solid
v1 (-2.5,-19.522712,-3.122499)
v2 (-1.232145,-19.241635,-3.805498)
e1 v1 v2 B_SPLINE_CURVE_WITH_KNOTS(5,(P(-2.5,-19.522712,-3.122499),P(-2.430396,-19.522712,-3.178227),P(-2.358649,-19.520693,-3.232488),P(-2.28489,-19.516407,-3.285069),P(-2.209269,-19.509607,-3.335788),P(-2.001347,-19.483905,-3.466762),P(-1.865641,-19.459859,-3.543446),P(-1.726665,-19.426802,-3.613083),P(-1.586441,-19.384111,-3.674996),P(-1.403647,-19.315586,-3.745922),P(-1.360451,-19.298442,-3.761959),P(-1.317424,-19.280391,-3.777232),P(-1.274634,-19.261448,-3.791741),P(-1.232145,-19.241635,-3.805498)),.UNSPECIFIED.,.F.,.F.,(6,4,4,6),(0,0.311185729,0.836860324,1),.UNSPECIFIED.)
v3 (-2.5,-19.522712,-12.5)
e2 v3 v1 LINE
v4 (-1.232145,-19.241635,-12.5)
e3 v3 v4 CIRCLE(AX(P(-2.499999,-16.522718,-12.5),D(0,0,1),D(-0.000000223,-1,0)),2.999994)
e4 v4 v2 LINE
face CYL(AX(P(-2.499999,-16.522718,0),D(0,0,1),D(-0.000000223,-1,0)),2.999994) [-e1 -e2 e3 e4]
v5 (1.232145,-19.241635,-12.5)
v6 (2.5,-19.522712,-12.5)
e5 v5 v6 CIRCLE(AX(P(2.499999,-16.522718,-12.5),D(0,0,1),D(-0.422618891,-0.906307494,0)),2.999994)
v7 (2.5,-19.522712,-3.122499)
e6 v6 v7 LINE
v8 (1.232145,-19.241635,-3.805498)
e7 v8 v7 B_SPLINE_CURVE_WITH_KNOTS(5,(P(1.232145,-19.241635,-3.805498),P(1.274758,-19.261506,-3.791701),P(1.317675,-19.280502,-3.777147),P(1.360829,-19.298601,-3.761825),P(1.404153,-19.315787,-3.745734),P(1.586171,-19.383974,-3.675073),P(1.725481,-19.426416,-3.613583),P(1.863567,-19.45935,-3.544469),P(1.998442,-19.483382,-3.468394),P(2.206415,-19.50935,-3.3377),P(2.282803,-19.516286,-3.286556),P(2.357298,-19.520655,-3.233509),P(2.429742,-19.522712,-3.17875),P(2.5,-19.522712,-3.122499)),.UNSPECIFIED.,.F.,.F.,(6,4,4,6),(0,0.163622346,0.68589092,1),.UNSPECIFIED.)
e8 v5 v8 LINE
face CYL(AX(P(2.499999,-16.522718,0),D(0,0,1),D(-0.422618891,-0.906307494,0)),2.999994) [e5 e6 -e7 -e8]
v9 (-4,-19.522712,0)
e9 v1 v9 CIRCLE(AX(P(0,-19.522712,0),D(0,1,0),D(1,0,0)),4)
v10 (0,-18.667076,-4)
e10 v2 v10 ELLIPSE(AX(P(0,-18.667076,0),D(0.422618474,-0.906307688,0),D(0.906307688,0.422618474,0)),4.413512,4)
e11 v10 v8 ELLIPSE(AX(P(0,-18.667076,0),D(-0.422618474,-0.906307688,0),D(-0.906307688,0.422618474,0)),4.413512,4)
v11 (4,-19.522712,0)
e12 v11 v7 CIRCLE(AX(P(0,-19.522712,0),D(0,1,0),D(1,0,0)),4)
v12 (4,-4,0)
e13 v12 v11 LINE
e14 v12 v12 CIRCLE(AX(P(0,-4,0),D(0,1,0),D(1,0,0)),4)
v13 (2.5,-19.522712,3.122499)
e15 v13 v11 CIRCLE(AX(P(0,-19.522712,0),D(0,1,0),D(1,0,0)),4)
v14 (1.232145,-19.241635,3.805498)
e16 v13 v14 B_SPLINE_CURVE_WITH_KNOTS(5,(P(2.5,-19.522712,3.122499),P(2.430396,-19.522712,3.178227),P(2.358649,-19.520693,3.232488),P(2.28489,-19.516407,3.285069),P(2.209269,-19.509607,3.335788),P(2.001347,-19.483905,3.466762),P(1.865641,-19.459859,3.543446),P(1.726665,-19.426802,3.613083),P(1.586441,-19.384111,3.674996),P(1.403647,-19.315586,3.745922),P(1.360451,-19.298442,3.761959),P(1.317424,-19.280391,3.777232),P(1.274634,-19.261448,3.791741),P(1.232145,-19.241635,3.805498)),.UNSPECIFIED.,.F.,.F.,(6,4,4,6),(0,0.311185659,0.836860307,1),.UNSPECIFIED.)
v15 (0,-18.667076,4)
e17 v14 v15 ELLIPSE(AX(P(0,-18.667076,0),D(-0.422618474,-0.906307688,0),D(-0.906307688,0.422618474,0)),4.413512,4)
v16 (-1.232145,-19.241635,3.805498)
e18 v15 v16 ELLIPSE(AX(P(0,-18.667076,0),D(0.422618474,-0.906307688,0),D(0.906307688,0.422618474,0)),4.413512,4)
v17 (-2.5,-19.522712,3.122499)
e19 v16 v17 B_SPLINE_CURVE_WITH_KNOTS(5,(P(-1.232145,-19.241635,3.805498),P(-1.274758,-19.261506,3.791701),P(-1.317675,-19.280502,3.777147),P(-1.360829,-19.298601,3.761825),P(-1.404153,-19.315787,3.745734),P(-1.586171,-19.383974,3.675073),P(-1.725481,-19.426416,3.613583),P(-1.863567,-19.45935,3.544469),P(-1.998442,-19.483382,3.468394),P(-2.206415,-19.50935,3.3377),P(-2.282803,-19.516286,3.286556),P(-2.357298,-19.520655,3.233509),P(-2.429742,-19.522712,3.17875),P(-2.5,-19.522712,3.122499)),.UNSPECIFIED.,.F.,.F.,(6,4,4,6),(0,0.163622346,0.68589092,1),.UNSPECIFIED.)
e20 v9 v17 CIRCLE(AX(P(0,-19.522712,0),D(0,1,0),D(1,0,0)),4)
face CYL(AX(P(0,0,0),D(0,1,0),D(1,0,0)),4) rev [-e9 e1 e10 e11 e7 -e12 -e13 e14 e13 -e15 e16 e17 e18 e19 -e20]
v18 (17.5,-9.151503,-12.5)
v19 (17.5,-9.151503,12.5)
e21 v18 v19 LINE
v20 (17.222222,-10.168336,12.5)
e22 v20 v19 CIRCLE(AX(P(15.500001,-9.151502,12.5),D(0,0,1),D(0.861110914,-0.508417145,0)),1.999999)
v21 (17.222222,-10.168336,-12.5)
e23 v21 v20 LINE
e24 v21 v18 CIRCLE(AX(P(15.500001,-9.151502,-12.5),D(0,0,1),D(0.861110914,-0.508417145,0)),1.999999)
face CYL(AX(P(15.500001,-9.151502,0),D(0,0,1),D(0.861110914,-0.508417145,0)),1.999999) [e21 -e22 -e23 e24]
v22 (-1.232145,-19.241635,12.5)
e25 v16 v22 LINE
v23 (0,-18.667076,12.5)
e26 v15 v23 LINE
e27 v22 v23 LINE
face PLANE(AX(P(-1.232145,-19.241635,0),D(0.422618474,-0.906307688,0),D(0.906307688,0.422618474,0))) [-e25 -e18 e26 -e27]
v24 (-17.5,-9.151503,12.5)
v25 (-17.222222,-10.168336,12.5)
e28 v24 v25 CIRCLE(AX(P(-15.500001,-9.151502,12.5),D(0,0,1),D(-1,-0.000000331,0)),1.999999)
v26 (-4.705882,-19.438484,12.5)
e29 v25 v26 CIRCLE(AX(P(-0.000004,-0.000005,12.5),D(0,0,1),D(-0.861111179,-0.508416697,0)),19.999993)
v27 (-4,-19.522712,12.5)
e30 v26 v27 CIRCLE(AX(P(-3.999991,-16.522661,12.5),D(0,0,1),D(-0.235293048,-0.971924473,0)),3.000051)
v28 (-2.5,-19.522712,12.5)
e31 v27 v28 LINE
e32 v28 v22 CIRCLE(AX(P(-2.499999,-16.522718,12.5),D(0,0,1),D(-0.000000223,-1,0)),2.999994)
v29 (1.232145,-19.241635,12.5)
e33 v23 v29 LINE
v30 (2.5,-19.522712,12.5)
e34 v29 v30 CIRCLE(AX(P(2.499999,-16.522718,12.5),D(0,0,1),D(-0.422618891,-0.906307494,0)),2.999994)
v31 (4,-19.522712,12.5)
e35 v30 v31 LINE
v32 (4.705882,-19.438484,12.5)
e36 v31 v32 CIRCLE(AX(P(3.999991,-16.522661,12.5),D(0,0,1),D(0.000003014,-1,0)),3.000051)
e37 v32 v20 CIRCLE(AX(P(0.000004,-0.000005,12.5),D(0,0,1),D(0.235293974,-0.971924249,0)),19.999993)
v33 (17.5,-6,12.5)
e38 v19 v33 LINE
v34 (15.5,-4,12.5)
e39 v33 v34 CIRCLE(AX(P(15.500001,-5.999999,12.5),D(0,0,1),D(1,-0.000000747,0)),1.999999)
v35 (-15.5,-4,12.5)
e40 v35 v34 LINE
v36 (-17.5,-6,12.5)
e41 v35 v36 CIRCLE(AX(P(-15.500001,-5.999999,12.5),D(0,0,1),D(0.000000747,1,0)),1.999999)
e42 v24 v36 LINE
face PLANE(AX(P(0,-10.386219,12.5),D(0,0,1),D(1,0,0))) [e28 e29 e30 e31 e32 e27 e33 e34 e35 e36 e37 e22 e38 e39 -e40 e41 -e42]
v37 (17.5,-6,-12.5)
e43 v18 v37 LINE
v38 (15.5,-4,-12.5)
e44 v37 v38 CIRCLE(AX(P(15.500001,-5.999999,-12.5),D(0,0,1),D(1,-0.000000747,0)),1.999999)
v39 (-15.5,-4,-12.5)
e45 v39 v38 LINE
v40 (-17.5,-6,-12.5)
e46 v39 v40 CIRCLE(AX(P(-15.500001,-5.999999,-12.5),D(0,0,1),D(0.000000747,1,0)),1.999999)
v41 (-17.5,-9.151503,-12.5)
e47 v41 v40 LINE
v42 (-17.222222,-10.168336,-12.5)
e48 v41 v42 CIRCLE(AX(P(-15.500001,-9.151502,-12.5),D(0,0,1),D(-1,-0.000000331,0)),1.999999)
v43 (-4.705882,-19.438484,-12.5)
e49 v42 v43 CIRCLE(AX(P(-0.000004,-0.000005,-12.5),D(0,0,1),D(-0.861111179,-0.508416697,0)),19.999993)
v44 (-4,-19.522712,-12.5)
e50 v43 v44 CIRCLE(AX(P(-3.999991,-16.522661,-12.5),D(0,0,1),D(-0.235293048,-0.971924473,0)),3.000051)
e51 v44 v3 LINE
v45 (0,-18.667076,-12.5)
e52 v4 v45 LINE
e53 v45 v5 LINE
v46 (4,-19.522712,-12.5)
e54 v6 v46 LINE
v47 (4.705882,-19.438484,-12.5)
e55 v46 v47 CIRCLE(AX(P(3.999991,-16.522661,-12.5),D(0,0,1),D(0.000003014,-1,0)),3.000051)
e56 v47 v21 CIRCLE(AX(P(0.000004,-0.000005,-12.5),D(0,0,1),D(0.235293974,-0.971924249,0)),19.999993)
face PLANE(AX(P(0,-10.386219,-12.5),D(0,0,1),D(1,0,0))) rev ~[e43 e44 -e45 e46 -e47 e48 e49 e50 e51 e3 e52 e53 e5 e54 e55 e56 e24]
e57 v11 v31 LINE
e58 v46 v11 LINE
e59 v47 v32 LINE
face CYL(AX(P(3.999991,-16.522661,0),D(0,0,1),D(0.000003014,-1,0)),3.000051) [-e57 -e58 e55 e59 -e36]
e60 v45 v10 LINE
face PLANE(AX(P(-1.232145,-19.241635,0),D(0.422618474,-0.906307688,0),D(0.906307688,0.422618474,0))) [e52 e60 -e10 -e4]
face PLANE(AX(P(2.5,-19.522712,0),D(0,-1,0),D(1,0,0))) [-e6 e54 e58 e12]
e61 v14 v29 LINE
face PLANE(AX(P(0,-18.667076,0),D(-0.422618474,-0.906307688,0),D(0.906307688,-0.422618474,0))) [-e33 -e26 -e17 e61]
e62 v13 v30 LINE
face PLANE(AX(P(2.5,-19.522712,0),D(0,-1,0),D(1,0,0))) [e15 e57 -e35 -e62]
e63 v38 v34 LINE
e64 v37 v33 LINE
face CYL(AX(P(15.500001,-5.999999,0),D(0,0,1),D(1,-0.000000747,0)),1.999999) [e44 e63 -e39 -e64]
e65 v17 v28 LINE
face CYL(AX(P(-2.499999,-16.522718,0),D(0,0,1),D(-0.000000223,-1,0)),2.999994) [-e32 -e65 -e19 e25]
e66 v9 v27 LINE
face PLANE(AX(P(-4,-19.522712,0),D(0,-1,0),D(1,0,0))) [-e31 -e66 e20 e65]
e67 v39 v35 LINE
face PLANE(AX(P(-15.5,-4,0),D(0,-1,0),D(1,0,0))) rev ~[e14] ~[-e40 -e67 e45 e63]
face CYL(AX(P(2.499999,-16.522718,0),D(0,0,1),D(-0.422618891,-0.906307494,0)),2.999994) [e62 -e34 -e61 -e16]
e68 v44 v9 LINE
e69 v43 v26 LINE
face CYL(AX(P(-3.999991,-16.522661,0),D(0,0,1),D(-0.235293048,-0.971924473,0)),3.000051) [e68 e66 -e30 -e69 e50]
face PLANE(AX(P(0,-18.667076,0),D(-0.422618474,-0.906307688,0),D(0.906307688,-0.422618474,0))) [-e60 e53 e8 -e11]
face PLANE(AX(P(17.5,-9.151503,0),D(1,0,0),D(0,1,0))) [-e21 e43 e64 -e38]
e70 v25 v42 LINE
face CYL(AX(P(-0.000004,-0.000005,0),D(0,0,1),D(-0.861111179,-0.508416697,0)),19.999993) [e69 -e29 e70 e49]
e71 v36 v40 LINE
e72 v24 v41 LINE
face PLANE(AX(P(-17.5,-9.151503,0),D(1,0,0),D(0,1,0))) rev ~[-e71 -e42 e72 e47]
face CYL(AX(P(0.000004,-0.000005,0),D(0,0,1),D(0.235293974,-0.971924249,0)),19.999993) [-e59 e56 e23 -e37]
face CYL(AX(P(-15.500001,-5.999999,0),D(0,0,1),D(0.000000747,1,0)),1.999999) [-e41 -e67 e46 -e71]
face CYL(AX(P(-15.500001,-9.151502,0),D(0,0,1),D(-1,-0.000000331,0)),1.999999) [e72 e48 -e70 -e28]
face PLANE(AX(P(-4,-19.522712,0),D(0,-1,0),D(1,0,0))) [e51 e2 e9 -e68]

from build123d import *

# Parameters (mm, degrees)
PAD_DEPTH         = 12.5
SKETCH001_R       = 4
POCKET_DEPTH      = 0.001
POCKET_DEPTH_BACK = -19.523712


with BuildPart() as part:
    # Sketch → Pad (new body, symmetric)
    with BuildSketch(Plane.XY):
        with BuildLine():
            ThreePointArc((-17.222222, -10.168336), (-11.903544, -16.07189), (-4.705882, -19.438484))
            ThreePointArc((-4.705882, -19.438484), (-4.355445, -19.50158), (-4, -19.522712))
            Line((-4, -19.522712), (-2.5, -19.522712))
            ThreePointArc((-2.5, -19.522712), (-1.850681, -19.4516), (-1.232145, -19.241635))
            Line((-1.232145, -19.241635), (0, -18.667076))
            Line((0, -18.667076), (1.232145, -19.241635))
            ThreePointArc((1.232145, -19.241635), (1.850681, -19.4516), (2.5, -19.522712))
            Line((2.5, -19.522712), (4, -19.522712))
            ThreePointArc((4, -19.522712), (4.355445, -19.50158), (4.705882, -19.438484))
            ThreePointArc((4.705882, -19.438484), (11.903544, -16.07189), (17.222222, -10.168336))
            ThreePointArc((17.222222, -10.168336), (17.429306, -9.678549), (17.5, -9.151503))
            Line((17.5, -9.151503), (17.5, -6))
            ThreePointArc((17.5, -6), (16.914214, -4.585786), (15.5, -4))
            Line((-15.5, -4), (15.5, -4))
            ThreePointArc((-15.5, -4), (-16.914214, -4.585786), (-17.5, -6))
            Line((-17.5, -9.151503), (-17.5, -6))
            ThreePointArc((-17.5, -9.151503), (-17.429306, -9.678549), (-17.222222, -10.168336))
        make_face()
    extrude(amount=PAD_DEPTH, both=True)

    # Sketch001 → Pocket (cut, two sides)
    with BuildSketch(Plane.XZ) as pocket_sk:
        Circle(SKETCH001_R)
    extrude(amount=-POCKET_DEPTH, mode=Mode.SUBTRACT)
    extrude(pocket_sk.sketch, amount=-POCKET_DEPTH_BACK, mode=Mode.SUBTRACT)


solid = part.part
